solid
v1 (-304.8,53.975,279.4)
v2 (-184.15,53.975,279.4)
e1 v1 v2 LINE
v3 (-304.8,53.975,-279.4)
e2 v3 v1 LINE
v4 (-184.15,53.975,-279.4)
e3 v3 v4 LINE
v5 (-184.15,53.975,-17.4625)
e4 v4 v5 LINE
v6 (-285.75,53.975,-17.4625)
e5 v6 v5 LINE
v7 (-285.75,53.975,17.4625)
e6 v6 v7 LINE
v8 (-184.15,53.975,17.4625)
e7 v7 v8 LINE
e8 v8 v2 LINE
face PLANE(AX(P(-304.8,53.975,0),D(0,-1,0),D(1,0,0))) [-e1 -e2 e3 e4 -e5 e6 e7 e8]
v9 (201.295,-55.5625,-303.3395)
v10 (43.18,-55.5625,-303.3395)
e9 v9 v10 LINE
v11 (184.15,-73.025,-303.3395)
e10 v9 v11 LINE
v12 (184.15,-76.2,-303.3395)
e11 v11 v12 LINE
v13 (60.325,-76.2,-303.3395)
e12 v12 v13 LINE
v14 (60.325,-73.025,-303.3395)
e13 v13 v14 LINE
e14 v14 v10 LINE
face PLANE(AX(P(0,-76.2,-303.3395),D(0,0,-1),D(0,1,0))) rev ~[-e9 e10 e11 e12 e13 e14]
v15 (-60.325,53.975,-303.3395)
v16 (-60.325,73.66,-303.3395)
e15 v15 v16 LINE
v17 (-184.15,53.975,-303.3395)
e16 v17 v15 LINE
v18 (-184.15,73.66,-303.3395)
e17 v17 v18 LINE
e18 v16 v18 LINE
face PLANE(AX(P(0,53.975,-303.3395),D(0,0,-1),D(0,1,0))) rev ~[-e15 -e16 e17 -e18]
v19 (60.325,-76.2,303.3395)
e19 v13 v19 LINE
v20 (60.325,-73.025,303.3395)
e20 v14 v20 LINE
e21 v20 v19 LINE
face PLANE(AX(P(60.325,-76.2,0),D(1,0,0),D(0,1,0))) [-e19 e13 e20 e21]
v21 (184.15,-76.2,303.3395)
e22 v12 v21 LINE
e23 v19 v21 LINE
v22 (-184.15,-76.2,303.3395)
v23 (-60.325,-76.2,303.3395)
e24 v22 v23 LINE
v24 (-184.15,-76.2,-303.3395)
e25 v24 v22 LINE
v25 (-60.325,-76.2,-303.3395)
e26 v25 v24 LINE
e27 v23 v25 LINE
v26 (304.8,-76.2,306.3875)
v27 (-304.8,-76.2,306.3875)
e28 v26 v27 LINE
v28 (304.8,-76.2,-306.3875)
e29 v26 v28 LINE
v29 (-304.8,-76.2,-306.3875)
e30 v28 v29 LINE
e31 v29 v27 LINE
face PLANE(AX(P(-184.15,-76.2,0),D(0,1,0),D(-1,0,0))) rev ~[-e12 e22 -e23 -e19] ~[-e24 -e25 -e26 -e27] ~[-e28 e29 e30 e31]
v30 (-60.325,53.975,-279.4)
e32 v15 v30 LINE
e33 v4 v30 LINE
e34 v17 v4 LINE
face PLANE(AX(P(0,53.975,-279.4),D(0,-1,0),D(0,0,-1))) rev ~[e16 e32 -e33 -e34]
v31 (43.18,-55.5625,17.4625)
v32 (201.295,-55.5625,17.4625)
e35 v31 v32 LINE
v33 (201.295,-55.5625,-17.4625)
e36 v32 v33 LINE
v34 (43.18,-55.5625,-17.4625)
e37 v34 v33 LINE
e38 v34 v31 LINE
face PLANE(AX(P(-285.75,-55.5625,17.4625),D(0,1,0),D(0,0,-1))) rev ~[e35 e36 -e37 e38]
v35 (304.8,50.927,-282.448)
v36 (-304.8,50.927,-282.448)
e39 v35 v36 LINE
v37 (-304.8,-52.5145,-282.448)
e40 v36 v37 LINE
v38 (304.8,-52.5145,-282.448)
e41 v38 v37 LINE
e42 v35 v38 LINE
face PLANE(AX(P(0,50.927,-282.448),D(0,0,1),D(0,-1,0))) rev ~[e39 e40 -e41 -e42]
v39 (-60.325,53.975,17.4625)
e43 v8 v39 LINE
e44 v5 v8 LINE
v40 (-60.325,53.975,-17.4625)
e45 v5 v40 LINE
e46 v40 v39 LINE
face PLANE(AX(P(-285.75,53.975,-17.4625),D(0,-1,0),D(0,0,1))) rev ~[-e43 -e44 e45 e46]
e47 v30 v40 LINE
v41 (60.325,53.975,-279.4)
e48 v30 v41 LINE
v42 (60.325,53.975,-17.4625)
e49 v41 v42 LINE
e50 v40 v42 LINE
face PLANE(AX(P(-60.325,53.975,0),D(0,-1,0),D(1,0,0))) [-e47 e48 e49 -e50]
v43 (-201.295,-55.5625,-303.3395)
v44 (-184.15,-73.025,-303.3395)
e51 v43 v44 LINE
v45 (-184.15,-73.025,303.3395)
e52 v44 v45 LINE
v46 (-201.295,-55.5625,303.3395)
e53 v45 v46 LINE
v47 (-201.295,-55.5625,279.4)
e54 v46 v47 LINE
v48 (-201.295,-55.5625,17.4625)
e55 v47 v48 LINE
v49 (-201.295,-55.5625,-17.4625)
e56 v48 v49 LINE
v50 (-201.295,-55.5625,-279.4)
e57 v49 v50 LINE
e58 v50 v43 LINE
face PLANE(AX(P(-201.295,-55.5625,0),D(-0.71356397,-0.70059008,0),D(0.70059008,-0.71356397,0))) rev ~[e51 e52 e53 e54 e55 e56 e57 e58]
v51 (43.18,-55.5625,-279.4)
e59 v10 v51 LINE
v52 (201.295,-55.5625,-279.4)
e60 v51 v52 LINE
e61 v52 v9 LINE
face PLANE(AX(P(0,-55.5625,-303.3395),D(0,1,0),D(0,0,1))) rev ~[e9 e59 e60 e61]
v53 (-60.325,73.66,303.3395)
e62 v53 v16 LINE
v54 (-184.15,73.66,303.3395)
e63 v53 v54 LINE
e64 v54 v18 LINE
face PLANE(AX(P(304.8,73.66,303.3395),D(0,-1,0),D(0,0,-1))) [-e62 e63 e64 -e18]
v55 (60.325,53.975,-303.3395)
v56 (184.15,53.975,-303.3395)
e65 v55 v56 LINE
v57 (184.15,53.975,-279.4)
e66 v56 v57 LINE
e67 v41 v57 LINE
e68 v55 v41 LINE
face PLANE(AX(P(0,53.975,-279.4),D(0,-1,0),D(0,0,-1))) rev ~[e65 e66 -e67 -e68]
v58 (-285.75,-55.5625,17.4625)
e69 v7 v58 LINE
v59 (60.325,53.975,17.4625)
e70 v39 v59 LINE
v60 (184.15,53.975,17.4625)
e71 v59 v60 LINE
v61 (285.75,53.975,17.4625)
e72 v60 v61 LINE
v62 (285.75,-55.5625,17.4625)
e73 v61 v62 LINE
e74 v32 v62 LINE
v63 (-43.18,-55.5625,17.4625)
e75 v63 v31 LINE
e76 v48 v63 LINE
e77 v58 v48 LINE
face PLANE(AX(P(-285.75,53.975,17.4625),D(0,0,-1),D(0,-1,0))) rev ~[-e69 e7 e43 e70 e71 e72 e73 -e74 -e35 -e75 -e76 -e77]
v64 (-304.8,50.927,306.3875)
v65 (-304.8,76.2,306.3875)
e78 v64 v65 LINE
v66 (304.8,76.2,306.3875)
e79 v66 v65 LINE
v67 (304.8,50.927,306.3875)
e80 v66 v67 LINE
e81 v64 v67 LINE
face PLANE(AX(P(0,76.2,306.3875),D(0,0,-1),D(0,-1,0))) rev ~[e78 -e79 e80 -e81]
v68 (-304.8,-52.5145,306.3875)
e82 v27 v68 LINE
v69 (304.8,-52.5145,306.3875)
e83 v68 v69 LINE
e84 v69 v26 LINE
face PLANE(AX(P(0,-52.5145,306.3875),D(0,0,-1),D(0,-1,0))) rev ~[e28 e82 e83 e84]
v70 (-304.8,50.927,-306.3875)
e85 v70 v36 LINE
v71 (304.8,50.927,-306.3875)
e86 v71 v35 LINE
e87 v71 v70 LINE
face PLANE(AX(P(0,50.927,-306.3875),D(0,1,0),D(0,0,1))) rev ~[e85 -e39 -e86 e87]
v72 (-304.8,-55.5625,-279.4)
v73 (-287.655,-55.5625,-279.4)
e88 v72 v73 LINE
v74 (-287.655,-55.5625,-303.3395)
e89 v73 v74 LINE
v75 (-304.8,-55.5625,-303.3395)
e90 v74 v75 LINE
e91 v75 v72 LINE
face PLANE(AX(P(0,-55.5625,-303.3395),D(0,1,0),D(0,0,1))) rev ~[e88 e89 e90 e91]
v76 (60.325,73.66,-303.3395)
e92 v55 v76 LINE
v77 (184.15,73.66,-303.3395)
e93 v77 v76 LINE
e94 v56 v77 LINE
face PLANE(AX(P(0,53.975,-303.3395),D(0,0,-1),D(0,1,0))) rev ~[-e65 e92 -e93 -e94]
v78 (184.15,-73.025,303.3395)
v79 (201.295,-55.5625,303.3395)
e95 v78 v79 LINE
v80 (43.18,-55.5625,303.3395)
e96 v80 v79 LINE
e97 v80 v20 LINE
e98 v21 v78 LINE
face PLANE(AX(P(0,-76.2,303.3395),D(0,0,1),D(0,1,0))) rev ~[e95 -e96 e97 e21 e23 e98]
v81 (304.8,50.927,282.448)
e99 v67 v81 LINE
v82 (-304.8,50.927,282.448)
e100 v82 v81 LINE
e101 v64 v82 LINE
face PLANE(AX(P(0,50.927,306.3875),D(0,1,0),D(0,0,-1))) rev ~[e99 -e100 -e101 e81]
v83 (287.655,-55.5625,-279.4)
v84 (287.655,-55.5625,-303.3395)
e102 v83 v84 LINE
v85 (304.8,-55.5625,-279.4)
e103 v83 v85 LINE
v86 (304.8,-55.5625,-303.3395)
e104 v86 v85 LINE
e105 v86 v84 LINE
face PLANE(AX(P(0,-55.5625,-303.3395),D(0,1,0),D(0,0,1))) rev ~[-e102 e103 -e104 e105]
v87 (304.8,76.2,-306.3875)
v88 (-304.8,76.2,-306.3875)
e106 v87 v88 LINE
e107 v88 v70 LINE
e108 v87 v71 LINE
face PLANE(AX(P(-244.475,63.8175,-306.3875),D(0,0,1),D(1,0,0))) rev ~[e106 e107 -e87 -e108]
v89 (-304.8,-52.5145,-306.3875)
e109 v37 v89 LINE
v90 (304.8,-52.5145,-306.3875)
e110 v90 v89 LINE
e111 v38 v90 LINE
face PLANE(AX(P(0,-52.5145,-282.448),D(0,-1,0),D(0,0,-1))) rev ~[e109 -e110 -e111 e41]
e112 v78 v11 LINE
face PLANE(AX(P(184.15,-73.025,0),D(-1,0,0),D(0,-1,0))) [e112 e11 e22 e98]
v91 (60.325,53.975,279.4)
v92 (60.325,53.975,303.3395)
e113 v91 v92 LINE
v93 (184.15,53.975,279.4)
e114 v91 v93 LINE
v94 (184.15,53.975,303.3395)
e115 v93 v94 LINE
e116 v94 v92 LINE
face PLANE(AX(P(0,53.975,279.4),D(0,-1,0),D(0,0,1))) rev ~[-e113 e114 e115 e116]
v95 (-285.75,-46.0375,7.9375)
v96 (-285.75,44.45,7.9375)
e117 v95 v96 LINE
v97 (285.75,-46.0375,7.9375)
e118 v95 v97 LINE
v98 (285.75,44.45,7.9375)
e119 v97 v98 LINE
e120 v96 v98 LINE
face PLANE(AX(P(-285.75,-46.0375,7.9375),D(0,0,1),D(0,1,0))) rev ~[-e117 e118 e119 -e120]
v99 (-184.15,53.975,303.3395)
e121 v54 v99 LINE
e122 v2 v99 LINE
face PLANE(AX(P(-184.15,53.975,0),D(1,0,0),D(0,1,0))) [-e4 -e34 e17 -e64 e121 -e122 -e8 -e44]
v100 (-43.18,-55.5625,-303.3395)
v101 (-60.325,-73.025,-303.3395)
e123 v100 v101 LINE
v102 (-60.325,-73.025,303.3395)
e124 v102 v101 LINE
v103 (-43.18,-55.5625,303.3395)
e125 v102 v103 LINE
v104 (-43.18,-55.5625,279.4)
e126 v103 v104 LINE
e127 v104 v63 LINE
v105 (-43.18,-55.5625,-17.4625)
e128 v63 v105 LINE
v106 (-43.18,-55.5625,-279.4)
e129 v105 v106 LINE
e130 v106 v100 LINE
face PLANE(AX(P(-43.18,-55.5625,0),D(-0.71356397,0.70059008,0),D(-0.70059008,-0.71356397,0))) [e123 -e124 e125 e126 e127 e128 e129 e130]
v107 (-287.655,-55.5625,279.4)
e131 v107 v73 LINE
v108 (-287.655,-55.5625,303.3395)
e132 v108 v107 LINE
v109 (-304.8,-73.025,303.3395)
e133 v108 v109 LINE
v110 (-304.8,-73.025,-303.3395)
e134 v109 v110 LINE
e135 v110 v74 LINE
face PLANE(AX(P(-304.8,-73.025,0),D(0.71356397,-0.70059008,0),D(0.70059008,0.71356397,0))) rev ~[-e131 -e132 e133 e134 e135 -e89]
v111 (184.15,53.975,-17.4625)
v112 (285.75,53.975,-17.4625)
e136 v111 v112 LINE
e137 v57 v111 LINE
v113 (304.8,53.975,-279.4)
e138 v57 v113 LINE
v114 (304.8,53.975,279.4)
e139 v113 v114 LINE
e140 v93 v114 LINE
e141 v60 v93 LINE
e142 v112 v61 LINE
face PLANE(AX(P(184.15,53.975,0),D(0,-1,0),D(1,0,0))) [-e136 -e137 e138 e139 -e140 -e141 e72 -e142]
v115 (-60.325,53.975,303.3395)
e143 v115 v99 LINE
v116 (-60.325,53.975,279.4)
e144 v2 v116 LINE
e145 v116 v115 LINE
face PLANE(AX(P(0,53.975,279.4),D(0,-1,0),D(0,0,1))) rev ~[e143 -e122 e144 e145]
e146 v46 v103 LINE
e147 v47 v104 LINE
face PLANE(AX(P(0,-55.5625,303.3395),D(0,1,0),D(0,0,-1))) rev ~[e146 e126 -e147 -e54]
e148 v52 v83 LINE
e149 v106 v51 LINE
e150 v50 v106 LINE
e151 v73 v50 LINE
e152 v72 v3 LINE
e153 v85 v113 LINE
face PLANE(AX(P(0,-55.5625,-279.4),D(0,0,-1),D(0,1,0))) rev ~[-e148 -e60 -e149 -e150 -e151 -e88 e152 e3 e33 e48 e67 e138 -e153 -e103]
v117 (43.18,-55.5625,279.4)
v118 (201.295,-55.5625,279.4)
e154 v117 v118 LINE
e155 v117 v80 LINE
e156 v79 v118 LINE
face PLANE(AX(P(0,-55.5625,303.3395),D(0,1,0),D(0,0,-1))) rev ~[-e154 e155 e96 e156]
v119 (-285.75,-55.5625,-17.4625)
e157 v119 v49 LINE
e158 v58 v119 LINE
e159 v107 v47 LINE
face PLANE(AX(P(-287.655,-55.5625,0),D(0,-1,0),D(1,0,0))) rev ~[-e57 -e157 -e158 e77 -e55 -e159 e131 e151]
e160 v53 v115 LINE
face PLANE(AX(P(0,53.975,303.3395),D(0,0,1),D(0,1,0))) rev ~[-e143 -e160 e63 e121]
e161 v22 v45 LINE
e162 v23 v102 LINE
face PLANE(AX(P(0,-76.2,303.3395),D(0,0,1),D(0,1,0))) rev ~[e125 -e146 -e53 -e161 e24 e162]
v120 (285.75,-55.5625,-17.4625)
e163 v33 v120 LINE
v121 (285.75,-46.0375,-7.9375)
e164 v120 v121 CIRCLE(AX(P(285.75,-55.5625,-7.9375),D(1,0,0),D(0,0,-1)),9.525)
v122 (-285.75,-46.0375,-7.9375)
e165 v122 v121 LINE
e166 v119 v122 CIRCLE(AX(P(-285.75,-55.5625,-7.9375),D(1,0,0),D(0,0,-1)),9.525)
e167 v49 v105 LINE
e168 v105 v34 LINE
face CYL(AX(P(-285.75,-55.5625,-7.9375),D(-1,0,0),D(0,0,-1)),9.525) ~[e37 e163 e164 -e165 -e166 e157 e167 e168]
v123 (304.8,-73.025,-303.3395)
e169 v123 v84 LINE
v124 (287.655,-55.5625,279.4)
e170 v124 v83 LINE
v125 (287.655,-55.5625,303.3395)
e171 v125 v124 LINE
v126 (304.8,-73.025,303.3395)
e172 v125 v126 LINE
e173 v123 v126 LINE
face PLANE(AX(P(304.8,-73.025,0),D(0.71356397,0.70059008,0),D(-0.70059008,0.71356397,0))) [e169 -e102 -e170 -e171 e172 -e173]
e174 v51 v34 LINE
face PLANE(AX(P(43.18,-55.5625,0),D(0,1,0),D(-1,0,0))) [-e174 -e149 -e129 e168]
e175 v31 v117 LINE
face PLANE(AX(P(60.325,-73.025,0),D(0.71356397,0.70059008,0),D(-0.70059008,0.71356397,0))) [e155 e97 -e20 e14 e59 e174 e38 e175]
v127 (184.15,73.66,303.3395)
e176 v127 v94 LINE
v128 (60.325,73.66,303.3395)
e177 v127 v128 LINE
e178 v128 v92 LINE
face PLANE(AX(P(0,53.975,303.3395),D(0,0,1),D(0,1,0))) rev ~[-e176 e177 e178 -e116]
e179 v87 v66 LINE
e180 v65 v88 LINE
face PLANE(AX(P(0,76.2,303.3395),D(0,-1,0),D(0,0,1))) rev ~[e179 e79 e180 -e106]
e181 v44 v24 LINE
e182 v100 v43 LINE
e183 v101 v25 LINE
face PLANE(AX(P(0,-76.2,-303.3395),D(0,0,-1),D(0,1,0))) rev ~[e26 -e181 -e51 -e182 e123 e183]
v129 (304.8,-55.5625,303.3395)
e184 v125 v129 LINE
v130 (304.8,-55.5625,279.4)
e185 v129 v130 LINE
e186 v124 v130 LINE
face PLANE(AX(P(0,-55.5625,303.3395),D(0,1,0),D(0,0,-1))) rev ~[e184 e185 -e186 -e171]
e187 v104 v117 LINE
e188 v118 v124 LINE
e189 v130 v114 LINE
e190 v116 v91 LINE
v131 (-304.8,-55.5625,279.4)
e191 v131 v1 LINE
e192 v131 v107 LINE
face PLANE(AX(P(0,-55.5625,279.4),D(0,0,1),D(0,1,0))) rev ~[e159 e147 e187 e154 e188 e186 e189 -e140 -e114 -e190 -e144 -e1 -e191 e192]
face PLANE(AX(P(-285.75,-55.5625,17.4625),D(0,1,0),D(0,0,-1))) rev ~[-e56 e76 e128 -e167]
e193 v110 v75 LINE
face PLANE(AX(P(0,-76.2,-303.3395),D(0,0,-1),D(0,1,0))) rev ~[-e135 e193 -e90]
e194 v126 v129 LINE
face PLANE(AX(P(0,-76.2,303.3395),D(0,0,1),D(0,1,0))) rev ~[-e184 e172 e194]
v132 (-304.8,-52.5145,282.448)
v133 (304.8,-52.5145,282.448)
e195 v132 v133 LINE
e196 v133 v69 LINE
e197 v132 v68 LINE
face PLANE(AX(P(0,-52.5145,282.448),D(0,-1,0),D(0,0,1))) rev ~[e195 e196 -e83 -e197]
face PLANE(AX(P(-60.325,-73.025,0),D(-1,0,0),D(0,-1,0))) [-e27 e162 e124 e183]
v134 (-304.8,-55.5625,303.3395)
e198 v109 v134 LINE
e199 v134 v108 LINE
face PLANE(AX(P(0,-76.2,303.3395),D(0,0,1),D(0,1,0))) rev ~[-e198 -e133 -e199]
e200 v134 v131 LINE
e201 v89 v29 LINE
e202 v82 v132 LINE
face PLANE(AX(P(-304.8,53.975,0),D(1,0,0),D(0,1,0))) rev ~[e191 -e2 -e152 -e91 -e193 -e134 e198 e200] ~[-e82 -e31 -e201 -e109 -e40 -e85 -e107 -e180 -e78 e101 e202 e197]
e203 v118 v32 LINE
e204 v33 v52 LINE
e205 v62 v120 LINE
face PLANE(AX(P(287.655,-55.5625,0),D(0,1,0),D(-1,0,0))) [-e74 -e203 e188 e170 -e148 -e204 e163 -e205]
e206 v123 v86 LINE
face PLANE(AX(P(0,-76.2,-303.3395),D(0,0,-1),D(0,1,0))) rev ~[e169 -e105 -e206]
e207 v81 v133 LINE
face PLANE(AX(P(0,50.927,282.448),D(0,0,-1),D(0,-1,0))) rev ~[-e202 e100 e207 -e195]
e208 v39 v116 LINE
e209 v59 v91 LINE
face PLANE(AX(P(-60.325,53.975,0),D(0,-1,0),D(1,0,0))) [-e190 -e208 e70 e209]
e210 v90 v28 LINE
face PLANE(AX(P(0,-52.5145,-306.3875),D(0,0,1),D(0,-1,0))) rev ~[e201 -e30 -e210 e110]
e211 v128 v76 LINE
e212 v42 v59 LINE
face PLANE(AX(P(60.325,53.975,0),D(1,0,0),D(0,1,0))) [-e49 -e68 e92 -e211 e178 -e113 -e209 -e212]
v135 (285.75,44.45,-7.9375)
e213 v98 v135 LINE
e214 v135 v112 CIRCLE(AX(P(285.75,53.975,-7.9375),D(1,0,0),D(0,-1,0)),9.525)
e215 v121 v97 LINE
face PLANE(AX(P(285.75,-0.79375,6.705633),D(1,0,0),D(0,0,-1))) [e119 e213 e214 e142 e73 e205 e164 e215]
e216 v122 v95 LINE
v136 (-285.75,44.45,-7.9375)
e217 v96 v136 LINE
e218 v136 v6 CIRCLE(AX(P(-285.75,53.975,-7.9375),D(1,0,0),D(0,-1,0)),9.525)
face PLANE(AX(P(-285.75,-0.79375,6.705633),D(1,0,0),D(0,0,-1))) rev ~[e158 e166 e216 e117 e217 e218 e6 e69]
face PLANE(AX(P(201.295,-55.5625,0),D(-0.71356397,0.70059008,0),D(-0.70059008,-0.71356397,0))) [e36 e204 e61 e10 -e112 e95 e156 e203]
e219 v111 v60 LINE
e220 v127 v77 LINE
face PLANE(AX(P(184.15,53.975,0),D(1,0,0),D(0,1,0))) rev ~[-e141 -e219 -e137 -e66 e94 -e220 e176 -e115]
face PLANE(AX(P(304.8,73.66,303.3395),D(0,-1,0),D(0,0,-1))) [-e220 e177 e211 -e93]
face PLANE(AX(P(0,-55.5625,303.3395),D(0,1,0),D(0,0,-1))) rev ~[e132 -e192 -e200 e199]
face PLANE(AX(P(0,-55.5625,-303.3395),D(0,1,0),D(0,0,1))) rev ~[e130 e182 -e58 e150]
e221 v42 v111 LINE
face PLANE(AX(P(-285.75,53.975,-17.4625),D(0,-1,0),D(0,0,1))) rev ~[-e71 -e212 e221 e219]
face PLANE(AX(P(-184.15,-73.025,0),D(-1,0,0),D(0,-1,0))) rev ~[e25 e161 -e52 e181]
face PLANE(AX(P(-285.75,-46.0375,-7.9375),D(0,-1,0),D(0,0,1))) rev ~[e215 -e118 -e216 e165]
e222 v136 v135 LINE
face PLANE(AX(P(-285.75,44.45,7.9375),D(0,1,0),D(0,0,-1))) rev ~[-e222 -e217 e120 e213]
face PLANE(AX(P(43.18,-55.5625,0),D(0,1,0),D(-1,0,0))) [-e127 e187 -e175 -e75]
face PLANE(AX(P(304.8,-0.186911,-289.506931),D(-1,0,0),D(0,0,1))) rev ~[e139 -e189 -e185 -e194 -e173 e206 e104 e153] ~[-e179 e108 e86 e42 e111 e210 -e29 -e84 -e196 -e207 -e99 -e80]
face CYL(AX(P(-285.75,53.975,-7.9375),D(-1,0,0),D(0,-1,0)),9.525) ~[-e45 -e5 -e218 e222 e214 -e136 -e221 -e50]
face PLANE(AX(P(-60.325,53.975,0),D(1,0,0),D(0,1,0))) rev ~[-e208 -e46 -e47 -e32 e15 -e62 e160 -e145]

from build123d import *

# Parameters (mm, degrees)
BOSS_EXTRUDE1_DEPTH      = 306.3875
BOSS_EXTRUDE1_2_DEPTH    = 306.3875
BOSS_EXTRUDE1_3_DEPTH    = 306.3875
SKETCH3_W                = 120.65
SKETCH3_H                = 19.685
BOSS_EXTRUDE1_4_DEPTH    = 306.3875
LPATTERN1_COUNT          = 3
LPATTERN1_PITCH          = 244.475
BOSS_EXTRUDE2_DEPTH      = 304.8
SKETCH5_W                = 606.679
SKETCH5_H                = 2.54
BOSS_EXTRUDE3_DEPTH      = 609.6
BOSS_EXTRUDE4_DEPTH      = 285.75
BOSS_EXTRUDE4_DEPTH_BACK = 285.75


with BuildPart() as part:
    # Sketch3 → Boss-Extrude1 (new, symmetric)
    with BuildSketch(Plane.XY):
        Polygon((-304.8, -76.2), (-304.8, -73.025), (-287.655, -55.5625), (-201.295, -55.5625), (-184.15, -73.025), (-184.15, -76.2), align=None)
    extrude(amount=BOSS_EXTRUDE1_DEPTH, both=True)



with BuildPart() as body_2:
    # Sketch3 → Boss-Extrude1 2 (new, symmetric)
    with BuildSketch(Plane.XY):
        Polygon((184.15, -73.025), (184.15, -76.2), (304.8, -76.2), (304.8, -73.025), (287.655, -55.5625), (201.295, -55.5625), align=None)
    extrude(amount=BOSS_EXTRUDE1_2_DEPTH, both=True)


with BuildPart() as body_3:
    # Sketch3 → Boss-Extrude1 3 (new, symmetric)
    with BuildSketch(Plane.XY):
        Polygon((-60.325, -76.2), (60.325, -76.2), (60.325, -73.025), (43.18, -55.5625), (-43.18, -55.5625), (-60.325, -73.025), align=None)
    extrude(amount=BOSS_EXTRUDE1_3_DEPTH, both=True)


with BuildPart() as body_4:
    # Sketch3 → Boss-Extrude1 4 (new, symmetric)
    with BuildSketch(Plane.XY):
        with Locations((-244.475, 63.8175)):
            Rectangle(SKETCH3_W, SKETCH3_H)
    extrude(amount=BOSS_EXTRUDE1_4_DEPTH, both=True)


with BuildPart() as lpattern1_1:
    # LPattern1: pattern copy
    add(body_4.part.moved(Location(Vector(1, 0, 0) * (1 * LPATTERN1_PITCH))))


with BuildPart() as lpattern1_2:
    # LPattern1: pattern copy
    add(body_4.part.moved(Location(Vector(1, 0, 0) * (2 * LPATTERN1_PITCH))))


with BuildPart() as part_1:
    add(part.part)

    add(body_2.part)  # Boss-Extrude2 merges body 2

    add(body_3.part)  # Boss-Extrude2 merges body 3

    add(body_4.part)  # Boss-Extrude2 merges body 4

    add(lpattern1_1.part)  # Boss-Extrude2 merges LPattern1_1

    add(lpattern1_2.part)  # Boss-Extrude2 merges LPattern1_2
    # Sketch4 → Boss-Extrude2 (add, symmetric)
    with BuildSketch(Plane(origin=(0, 0, 0), x_dir=(0, 0, -1), z_dir=(1, 0, 0))):
        Polygon((-306.3875, 76.2), (-306.3875, 50.927), (-282.448, 50.927), (-282.448, -52.5145), (-306.3875, -52.5145), (-306.3875, -76.2), (-303.3395, -76.2), (-303.3395, -55.5625), (-279.4, -55.5625), (-279.4, 53.975), (-303.3395, 53.975), (-303.3395, 76.2), align=None)
        Polygon((303.3395, 53.975), (303.3395, 76.2), (306.3875, 76.2), (306.3875, 50.927), (282.448, 50.927), (282.448, -52.5145), (306.3875, -52.5145), (306.3875, -76.2), (303.3395, -76.2), (303.3395, -55.5625), (279.4, -55.5625), (279.4, 53.975), align=None)
    extrude(amount=BOSS_EXTRUDE2_DEPTH, both=True)

    # Sketch5 → Boss-Extrude3 (add)
    with BuildSketch(Plane(origin=(304.8, 0, 0), x_dir=(0, 0, -1), z_dir=(1, 0, 0))):
        with Locations((0, 74.93)):
            Rectangle(SKETCH5_W, SKETCH5_H)
    extrude(amount=-BOSS_EXTRUDE3_DEPTH)

    # Sketch6 → Boss-Extrude4 (add, two sides: drawn at the far end of the back side and taken through both)
    with BuildSketch(Plane(origin=(0, 0, 0), x_dir=(0, 0, -1), z_dir=(1, 0, 0)).offset(-BOSS_EXTRUDE4_DEPTH_BACK)):
        with BuildLine():
            Line((-17.4625, 53.975), (-17.4625, -55.5625))
            Line((-17.4625, -55.5625), (17.4625, -55.5625))
            ThreePointArc((17.4625, -55.5625), (14.672692091, -48.827307909), (7.9375, -46.0375))
            Line((7.9375, -46.0375), (-7.9375, -46.0375))
            Line((-7.9375, -46.0375), (-7.9375, 44.45))
            Line((-7.9375, 44.45), (7.9375, 44.45))
            ThreePointArc((7.9375, 44.45), (14.672692091, 47.239807909), (17.4625, 53.975))
            Line((17.4625, 53.975), (-17.4625, 53.975))
        make_face()
    extrude(amount=BOSS_EXTRUDE4_DEPTH + BOSS_EXTRUDE4_DEPTH_BACK)


solid = part_1.part
